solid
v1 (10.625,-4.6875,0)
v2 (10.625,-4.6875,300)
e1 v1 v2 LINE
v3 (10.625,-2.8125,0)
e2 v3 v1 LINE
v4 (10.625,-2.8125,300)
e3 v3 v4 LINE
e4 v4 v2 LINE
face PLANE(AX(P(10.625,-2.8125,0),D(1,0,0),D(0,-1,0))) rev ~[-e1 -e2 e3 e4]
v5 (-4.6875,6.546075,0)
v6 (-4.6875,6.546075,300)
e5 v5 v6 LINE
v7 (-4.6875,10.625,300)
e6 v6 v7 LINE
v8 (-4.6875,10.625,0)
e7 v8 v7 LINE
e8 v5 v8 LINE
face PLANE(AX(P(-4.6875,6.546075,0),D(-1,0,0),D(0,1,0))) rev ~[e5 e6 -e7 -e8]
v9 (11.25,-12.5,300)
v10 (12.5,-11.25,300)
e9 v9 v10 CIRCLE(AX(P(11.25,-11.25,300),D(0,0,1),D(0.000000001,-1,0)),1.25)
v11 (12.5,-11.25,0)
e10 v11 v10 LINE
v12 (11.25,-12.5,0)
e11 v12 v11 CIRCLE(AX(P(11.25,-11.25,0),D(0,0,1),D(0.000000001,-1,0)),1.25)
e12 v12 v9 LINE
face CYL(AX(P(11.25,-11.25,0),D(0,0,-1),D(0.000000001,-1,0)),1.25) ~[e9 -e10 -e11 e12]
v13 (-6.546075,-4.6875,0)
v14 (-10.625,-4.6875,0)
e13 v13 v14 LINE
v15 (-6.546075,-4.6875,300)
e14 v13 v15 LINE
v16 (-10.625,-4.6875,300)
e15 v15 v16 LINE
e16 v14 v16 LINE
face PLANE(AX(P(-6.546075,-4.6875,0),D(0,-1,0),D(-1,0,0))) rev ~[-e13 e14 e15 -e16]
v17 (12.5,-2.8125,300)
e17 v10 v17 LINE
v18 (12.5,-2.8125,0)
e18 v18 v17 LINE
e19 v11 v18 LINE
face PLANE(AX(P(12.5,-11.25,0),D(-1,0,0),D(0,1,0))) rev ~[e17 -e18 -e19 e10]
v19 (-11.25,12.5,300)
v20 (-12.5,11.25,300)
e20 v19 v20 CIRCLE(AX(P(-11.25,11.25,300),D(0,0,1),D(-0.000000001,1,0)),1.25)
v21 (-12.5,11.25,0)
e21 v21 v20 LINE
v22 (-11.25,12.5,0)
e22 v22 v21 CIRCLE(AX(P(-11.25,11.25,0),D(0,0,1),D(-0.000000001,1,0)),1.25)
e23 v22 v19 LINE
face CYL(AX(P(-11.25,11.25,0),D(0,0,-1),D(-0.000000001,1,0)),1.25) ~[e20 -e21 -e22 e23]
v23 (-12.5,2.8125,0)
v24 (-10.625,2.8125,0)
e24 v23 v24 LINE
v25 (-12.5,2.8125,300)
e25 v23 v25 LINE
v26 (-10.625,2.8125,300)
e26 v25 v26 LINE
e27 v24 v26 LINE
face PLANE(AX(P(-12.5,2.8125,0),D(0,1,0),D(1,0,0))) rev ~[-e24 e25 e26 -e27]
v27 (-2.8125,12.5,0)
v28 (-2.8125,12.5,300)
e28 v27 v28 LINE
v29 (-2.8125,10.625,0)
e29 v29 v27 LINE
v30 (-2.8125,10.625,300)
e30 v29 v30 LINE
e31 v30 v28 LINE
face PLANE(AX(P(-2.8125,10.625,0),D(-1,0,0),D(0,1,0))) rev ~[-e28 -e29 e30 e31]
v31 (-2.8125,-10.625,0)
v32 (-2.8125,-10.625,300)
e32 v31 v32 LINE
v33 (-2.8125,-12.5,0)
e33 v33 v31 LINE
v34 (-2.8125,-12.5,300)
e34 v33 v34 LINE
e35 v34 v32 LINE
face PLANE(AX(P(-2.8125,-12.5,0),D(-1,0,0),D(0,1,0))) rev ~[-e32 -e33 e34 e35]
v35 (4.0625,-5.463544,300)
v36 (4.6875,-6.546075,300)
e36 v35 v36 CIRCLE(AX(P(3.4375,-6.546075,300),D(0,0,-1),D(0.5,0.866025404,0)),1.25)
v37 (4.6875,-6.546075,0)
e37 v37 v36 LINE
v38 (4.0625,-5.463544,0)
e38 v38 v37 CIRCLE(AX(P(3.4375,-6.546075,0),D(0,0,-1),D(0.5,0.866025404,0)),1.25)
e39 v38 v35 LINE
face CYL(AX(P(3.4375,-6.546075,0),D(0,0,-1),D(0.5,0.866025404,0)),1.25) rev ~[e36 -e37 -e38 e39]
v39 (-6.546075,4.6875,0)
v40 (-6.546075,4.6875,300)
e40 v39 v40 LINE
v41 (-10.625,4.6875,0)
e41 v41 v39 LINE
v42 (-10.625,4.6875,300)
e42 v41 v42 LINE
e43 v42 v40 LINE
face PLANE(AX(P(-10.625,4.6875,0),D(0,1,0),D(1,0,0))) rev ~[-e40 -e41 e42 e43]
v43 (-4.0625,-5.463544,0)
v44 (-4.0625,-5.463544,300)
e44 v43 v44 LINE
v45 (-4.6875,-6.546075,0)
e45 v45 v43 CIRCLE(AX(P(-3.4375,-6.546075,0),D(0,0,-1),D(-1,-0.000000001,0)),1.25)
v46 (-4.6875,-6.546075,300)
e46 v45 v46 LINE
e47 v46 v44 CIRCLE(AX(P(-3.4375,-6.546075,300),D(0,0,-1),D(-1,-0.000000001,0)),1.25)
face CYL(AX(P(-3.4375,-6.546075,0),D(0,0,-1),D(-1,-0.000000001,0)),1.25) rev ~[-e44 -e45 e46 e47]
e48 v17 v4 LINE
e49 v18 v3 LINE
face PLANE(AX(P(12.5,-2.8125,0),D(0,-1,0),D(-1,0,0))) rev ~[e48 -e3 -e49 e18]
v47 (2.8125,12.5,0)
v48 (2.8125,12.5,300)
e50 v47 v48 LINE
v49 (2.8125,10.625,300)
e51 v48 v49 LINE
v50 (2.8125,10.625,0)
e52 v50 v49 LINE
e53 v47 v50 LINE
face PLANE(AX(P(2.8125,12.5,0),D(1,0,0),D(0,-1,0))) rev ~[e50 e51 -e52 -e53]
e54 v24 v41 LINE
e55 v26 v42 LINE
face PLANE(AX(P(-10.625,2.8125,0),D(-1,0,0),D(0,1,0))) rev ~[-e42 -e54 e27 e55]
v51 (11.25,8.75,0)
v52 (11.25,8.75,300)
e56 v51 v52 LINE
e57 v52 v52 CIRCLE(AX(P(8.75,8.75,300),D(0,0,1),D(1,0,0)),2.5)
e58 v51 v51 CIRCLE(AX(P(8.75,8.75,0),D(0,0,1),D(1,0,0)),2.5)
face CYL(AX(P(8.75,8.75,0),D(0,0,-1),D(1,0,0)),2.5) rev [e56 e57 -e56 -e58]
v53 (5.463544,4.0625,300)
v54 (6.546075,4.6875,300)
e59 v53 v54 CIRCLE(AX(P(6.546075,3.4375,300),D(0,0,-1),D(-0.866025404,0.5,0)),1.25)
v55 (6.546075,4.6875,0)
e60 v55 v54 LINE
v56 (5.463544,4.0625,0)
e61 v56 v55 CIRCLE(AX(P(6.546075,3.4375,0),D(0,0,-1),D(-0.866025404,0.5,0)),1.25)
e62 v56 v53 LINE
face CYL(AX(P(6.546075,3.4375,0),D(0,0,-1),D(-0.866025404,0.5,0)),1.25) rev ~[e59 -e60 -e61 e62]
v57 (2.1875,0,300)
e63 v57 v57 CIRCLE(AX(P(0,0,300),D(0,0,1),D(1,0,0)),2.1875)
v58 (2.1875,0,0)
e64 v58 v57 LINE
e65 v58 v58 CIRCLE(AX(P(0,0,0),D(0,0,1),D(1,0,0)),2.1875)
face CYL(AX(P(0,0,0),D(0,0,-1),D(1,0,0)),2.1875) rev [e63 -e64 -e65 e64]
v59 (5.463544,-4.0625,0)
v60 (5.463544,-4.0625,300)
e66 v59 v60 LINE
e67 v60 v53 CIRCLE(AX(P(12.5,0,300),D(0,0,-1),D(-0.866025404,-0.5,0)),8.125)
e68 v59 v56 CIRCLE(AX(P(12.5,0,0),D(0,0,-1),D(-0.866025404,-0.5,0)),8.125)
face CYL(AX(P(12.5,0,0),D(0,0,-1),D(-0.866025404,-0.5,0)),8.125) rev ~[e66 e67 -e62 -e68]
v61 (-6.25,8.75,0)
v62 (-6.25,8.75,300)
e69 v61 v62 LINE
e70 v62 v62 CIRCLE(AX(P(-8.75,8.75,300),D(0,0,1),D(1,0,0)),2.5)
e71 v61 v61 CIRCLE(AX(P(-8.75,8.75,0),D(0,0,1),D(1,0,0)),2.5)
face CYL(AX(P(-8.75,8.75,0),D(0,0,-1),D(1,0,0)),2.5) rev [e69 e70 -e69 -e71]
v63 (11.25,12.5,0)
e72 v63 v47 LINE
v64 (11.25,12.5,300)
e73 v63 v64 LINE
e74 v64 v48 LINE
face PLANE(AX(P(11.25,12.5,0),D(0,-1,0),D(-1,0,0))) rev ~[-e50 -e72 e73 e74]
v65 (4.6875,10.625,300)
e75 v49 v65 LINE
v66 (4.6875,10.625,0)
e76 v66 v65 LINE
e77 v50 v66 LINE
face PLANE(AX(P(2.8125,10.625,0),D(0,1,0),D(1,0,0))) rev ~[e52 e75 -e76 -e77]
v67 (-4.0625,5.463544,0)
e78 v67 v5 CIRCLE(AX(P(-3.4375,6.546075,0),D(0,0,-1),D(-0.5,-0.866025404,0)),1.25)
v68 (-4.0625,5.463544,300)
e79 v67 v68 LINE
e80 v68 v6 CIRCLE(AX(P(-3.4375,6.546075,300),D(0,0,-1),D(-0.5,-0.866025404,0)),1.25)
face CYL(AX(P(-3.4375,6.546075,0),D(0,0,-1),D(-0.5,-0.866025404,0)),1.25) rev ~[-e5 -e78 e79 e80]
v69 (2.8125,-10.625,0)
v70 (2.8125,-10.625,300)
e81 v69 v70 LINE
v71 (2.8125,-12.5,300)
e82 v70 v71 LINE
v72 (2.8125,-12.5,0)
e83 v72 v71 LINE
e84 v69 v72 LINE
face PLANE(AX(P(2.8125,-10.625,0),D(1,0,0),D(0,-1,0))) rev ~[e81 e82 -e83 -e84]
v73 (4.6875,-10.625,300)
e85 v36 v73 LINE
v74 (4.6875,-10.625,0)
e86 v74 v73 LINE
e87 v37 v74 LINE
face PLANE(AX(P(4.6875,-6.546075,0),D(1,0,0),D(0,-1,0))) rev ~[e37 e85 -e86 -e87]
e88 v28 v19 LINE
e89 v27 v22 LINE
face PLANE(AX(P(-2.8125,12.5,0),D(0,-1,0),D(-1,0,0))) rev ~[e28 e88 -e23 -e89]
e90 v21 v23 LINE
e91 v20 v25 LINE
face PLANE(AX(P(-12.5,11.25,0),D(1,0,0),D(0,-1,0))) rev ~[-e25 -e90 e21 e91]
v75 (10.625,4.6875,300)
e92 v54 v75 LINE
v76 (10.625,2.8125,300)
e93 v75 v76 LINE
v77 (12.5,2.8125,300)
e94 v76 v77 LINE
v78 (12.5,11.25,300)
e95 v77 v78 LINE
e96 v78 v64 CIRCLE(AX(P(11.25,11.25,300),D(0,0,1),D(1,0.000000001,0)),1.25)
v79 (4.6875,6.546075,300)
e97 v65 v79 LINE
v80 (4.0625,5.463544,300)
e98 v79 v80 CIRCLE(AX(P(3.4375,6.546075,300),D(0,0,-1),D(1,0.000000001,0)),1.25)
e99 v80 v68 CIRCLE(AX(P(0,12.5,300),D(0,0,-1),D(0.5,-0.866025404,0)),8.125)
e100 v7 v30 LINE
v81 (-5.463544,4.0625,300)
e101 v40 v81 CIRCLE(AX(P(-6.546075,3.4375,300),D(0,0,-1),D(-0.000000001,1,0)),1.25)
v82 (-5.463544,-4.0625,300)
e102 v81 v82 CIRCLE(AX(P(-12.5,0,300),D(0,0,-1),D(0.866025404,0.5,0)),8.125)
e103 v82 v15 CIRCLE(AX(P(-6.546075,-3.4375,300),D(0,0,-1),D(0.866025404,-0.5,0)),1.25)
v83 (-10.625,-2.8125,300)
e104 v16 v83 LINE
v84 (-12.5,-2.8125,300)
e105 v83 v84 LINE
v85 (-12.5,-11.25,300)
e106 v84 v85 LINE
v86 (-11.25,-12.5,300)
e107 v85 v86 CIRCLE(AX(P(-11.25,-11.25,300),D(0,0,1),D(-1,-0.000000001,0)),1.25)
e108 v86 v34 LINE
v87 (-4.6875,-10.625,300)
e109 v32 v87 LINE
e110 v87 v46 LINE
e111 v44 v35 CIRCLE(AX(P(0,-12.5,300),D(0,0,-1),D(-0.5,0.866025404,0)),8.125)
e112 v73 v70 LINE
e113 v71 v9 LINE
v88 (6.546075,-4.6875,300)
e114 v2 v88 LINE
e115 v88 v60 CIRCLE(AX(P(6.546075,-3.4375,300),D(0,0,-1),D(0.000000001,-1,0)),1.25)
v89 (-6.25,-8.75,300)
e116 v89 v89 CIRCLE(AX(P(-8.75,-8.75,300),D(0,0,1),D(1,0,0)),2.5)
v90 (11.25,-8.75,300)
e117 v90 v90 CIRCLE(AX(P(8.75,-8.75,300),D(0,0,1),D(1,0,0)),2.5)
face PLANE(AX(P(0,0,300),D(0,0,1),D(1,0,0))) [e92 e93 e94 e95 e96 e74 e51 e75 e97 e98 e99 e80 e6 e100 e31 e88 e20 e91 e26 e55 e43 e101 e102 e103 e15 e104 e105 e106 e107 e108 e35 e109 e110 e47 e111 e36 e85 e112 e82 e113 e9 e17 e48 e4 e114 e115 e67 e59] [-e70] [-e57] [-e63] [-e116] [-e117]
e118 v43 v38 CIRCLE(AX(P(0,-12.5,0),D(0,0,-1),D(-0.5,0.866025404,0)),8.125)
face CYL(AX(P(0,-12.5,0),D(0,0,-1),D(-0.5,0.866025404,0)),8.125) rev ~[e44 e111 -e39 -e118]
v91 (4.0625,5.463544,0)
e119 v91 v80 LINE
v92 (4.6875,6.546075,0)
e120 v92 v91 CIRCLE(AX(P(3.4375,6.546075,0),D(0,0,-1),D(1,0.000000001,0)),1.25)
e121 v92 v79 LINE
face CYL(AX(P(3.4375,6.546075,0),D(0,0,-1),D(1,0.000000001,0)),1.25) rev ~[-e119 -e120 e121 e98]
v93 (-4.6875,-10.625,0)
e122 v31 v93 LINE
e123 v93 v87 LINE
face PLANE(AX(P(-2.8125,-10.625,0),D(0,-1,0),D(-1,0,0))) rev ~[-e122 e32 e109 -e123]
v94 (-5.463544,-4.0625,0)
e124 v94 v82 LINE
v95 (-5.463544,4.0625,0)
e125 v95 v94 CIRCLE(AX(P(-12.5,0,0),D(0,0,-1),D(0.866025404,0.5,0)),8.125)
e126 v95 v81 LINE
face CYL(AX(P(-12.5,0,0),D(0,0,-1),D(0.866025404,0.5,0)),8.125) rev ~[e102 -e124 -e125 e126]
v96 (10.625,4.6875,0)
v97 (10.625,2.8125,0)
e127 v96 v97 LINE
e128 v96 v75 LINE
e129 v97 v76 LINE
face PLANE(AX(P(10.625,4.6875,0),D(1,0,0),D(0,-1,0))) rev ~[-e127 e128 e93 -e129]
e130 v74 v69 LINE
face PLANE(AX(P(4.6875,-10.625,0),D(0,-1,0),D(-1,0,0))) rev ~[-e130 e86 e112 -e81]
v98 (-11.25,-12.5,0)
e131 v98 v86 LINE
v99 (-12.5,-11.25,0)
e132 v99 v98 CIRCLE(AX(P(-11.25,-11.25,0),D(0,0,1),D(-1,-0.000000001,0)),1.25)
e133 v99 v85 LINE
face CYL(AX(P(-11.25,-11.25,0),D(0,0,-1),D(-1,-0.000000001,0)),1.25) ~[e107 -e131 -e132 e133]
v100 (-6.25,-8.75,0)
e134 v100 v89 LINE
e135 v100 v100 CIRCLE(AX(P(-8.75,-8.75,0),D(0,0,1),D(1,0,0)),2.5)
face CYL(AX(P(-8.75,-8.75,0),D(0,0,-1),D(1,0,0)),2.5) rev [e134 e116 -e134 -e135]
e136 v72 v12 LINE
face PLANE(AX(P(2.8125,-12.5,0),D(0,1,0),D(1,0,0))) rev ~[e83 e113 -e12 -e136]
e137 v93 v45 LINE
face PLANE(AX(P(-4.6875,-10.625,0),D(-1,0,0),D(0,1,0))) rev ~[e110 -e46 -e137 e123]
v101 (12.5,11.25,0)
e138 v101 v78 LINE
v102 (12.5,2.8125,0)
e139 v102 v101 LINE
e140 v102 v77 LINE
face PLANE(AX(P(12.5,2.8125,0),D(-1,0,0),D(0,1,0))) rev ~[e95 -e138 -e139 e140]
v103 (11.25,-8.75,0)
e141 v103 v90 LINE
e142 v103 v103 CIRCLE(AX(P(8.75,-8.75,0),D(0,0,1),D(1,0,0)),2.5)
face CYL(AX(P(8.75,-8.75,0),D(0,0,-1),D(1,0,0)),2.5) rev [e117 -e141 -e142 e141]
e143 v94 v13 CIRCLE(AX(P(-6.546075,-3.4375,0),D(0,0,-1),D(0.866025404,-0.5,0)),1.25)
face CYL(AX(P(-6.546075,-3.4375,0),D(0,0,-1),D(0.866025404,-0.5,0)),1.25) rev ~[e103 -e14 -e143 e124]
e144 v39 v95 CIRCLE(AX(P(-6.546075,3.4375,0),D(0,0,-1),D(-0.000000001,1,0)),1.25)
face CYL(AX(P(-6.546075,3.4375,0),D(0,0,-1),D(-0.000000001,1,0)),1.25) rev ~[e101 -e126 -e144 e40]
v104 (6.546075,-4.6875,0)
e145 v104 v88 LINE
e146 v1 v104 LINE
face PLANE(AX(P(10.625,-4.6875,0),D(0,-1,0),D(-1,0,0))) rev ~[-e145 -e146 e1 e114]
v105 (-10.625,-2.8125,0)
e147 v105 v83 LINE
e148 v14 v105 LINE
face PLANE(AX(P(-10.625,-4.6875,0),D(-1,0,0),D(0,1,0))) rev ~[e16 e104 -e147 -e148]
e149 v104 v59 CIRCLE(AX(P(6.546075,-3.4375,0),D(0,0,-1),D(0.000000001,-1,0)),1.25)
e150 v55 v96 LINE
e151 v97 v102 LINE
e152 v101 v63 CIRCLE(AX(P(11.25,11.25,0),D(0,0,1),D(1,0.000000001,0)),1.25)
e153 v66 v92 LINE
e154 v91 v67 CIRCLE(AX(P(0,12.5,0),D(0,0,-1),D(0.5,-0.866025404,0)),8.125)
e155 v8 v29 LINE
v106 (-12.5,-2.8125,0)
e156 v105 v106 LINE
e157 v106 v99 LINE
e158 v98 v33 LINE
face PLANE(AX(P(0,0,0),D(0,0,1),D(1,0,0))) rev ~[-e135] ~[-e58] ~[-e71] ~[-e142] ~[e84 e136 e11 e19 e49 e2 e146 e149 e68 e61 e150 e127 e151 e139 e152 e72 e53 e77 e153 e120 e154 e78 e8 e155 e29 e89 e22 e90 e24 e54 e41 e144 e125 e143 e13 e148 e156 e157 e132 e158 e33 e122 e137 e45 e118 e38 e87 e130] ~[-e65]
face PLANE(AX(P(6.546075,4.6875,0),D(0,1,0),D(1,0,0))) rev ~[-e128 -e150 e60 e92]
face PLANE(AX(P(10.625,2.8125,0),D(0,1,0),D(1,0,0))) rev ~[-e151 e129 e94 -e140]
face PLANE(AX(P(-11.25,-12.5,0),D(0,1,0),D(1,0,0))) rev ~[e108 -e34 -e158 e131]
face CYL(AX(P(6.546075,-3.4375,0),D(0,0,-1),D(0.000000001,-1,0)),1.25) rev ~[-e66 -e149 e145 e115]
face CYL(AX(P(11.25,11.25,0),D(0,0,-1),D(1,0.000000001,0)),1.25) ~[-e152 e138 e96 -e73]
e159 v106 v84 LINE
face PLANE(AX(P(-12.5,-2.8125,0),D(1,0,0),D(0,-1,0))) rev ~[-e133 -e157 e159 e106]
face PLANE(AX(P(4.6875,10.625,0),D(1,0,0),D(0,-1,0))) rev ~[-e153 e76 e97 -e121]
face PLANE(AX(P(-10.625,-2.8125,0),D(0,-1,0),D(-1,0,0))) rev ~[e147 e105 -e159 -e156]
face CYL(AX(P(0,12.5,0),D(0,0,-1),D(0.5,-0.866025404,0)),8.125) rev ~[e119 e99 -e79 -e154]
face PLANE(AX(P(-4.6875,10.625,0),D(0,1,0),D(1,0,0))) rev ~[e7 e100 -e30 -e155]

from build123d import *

# Parameters (mm, degrees)
SKETCH1_R           = 2.5
SKETCH1_R_2         = 2.1875
BOSS_EXTRUDE1_DEPTH = 300


with BuildPart() as part:
    # Sketch1 → Boss-Extrude1 (new body)
    with BuildSketch(Plane.XY):
        with BuildLine():
            Line((-12.5, 11.25), (-12.5, 2.8125))
            Line((-12.5, 2.8125), (-10.625, 2.8125))
            Line((-10.625, 2.8125), (-10.625, 4.6875))
            Line((-10.625, 4.6875), (-6.546075349, 4.6875))
            ThreePointArc((-6.546075349, 4.6875), (-5.921075349, 4.520031755), (-5.463543594, 4.0625))
            ThreePointArc((-5.463543594, 4.0625), (-4.375, 0), (-5.463543594, -4.0625))
            ThreePointArc((-5.463543594, -4.0625), (-5.921075349, -4.520031755), (-6.546075349, -4.6875))
            Line((-6.546075349, -4.6875), (-10.625, -4.6875))
            Line((-10.625, -4.6875), (-10.625, -2.8125))
            Line((-10.625, -2.8125), (-12.5, -2.8125))
            Line((-12.5, -2.8125), (-12.5, -11.25))
            ThreePointArc((-12.5, -11.25), (-12.133883476, -12.133883476), (-11.25, -12.5))
            Line((-11.25, -12.5), (-2.8125, -12.5))
            Line((-2.8125, -12.5), (-2.8125, -10.625))
            Line((-2.8125, -10.625), (-4.6875, -10.625))
            Line((-4.6875, -10.625), (-4.6875, -6.546075349))
            ThreePointArc((-4.6875, -6.546075349), (-4.520031755, -5.921075349), (-4.0625, -5.463543594))
            ThreePointArc((-4.0625, -5.463543594), (0, -4.375), (4.0625, -5.463543594))
            ThreePointArc((4.0625, -5.463543594), (4.520031755, -5.921075349), (4.6875, -6.546075349))
            Line((4.6875, -6.546075349), (4.6875, -10.625))
            Line((4.6875, -10.625), (2.8125, -10.625))
            Line((2.8125, -10.625), (2.8125, -12.5))
            Line((2.8125, -12.5), (11.25, -12.5))
            ThreePointArc((11.25, -12.5), (12.133883476, -12.133883476), (12.5, -11.25))
            Line((12.5, -11.25), (12.5, -2.8125))
            Line((12.5, -2.8125), (10.625, -2.8125))
            Line((10.625, -2.8125), (10.625, -4.6875))
            Line((10.625, -4.6875), (6.546075349, -4.6875))
            ThreePointArc((6.546075349, -4.6875), (5.921075349, -4.520031755), (5.463543594, -4.0625))
            ThreePointArc((5.463543594, -4.0625), (4.375, 0), (5.463543594, 4.0625))
            ThreePointArc((5.463543594, 4.0625), (5.921075349, 4.520031755), (6.546075349, 4.6875))
            Line((6.546075349, 4.6875), (10.625, 4.6875))
            Line((10.625, 4.6875), (10.625, 2.8125))
            Line((10.625, 2.8125), (12.5, 2.8125))
            Line((12.5, 2.8125), (12.5, 11.25))
            ThreePointArc((12.5, 11.25), (12.133883476, 12.133883476), (11.25, 12.5))
            Line((11.25, 12.5), (2.8125, 12.5))
            Line((2.8125, 12.5), (2.8125, 10.625))
            Line((2.8125, 10.625), (4.6875, 10.625))
            Line((4.6875, 10.625), (4.6875, 6.546075349))
            ThreePointArc((4.6875, 6.546075349), (4.520031755, 5.921075349), (4.0625, 5.463543594))
            ThreePointArc((4.0625, 5.463543594), (0, 4.375), (-4.0625, 5.463543594))
            ThreePointArc((-4.0625, 5.463543594), (-4.520031755, 5.921075349), (-4.6875, 6.546075349))
            Line((-4.6875, 6.546075349), (-4.6875, 10.625))
            Line((-4.6875, 10.625), (-2.8125, 10.625))
            Line((-2.8125, 10.625), (-2.8125, 12.5))
            Line((-2.8125, 12.5), (-11.25, 12.5))
            ThreePointArc((-11.25, 12.5), (-12.133883476, 12.133883476), (-12.5, 11.25))
        make_face()
        with Locations((-8.75, -8.75)):
            Circle(SKETCH1_R, mode=Mode.SUBTRACT)
        with Locations((8.75, -8.75)):
            Circle(SKETCH1_R, mode=Mode.SUBTRACT)
        with Locations((8.75, 8.75)):
            Circle(SKETCH1_R, mode=Mode.SUBTRACT)
        Circle(SKETCH1_R_2, mode=Mode.SUBTRACT)
        with Locations((-8.75, 8.75)):
            Circle(SKETCH1_R, mode=Mode.SUBTRACT)
    extrude(amount=BOSS_EXTRUDE1_DEPTH)


solid = part.part
